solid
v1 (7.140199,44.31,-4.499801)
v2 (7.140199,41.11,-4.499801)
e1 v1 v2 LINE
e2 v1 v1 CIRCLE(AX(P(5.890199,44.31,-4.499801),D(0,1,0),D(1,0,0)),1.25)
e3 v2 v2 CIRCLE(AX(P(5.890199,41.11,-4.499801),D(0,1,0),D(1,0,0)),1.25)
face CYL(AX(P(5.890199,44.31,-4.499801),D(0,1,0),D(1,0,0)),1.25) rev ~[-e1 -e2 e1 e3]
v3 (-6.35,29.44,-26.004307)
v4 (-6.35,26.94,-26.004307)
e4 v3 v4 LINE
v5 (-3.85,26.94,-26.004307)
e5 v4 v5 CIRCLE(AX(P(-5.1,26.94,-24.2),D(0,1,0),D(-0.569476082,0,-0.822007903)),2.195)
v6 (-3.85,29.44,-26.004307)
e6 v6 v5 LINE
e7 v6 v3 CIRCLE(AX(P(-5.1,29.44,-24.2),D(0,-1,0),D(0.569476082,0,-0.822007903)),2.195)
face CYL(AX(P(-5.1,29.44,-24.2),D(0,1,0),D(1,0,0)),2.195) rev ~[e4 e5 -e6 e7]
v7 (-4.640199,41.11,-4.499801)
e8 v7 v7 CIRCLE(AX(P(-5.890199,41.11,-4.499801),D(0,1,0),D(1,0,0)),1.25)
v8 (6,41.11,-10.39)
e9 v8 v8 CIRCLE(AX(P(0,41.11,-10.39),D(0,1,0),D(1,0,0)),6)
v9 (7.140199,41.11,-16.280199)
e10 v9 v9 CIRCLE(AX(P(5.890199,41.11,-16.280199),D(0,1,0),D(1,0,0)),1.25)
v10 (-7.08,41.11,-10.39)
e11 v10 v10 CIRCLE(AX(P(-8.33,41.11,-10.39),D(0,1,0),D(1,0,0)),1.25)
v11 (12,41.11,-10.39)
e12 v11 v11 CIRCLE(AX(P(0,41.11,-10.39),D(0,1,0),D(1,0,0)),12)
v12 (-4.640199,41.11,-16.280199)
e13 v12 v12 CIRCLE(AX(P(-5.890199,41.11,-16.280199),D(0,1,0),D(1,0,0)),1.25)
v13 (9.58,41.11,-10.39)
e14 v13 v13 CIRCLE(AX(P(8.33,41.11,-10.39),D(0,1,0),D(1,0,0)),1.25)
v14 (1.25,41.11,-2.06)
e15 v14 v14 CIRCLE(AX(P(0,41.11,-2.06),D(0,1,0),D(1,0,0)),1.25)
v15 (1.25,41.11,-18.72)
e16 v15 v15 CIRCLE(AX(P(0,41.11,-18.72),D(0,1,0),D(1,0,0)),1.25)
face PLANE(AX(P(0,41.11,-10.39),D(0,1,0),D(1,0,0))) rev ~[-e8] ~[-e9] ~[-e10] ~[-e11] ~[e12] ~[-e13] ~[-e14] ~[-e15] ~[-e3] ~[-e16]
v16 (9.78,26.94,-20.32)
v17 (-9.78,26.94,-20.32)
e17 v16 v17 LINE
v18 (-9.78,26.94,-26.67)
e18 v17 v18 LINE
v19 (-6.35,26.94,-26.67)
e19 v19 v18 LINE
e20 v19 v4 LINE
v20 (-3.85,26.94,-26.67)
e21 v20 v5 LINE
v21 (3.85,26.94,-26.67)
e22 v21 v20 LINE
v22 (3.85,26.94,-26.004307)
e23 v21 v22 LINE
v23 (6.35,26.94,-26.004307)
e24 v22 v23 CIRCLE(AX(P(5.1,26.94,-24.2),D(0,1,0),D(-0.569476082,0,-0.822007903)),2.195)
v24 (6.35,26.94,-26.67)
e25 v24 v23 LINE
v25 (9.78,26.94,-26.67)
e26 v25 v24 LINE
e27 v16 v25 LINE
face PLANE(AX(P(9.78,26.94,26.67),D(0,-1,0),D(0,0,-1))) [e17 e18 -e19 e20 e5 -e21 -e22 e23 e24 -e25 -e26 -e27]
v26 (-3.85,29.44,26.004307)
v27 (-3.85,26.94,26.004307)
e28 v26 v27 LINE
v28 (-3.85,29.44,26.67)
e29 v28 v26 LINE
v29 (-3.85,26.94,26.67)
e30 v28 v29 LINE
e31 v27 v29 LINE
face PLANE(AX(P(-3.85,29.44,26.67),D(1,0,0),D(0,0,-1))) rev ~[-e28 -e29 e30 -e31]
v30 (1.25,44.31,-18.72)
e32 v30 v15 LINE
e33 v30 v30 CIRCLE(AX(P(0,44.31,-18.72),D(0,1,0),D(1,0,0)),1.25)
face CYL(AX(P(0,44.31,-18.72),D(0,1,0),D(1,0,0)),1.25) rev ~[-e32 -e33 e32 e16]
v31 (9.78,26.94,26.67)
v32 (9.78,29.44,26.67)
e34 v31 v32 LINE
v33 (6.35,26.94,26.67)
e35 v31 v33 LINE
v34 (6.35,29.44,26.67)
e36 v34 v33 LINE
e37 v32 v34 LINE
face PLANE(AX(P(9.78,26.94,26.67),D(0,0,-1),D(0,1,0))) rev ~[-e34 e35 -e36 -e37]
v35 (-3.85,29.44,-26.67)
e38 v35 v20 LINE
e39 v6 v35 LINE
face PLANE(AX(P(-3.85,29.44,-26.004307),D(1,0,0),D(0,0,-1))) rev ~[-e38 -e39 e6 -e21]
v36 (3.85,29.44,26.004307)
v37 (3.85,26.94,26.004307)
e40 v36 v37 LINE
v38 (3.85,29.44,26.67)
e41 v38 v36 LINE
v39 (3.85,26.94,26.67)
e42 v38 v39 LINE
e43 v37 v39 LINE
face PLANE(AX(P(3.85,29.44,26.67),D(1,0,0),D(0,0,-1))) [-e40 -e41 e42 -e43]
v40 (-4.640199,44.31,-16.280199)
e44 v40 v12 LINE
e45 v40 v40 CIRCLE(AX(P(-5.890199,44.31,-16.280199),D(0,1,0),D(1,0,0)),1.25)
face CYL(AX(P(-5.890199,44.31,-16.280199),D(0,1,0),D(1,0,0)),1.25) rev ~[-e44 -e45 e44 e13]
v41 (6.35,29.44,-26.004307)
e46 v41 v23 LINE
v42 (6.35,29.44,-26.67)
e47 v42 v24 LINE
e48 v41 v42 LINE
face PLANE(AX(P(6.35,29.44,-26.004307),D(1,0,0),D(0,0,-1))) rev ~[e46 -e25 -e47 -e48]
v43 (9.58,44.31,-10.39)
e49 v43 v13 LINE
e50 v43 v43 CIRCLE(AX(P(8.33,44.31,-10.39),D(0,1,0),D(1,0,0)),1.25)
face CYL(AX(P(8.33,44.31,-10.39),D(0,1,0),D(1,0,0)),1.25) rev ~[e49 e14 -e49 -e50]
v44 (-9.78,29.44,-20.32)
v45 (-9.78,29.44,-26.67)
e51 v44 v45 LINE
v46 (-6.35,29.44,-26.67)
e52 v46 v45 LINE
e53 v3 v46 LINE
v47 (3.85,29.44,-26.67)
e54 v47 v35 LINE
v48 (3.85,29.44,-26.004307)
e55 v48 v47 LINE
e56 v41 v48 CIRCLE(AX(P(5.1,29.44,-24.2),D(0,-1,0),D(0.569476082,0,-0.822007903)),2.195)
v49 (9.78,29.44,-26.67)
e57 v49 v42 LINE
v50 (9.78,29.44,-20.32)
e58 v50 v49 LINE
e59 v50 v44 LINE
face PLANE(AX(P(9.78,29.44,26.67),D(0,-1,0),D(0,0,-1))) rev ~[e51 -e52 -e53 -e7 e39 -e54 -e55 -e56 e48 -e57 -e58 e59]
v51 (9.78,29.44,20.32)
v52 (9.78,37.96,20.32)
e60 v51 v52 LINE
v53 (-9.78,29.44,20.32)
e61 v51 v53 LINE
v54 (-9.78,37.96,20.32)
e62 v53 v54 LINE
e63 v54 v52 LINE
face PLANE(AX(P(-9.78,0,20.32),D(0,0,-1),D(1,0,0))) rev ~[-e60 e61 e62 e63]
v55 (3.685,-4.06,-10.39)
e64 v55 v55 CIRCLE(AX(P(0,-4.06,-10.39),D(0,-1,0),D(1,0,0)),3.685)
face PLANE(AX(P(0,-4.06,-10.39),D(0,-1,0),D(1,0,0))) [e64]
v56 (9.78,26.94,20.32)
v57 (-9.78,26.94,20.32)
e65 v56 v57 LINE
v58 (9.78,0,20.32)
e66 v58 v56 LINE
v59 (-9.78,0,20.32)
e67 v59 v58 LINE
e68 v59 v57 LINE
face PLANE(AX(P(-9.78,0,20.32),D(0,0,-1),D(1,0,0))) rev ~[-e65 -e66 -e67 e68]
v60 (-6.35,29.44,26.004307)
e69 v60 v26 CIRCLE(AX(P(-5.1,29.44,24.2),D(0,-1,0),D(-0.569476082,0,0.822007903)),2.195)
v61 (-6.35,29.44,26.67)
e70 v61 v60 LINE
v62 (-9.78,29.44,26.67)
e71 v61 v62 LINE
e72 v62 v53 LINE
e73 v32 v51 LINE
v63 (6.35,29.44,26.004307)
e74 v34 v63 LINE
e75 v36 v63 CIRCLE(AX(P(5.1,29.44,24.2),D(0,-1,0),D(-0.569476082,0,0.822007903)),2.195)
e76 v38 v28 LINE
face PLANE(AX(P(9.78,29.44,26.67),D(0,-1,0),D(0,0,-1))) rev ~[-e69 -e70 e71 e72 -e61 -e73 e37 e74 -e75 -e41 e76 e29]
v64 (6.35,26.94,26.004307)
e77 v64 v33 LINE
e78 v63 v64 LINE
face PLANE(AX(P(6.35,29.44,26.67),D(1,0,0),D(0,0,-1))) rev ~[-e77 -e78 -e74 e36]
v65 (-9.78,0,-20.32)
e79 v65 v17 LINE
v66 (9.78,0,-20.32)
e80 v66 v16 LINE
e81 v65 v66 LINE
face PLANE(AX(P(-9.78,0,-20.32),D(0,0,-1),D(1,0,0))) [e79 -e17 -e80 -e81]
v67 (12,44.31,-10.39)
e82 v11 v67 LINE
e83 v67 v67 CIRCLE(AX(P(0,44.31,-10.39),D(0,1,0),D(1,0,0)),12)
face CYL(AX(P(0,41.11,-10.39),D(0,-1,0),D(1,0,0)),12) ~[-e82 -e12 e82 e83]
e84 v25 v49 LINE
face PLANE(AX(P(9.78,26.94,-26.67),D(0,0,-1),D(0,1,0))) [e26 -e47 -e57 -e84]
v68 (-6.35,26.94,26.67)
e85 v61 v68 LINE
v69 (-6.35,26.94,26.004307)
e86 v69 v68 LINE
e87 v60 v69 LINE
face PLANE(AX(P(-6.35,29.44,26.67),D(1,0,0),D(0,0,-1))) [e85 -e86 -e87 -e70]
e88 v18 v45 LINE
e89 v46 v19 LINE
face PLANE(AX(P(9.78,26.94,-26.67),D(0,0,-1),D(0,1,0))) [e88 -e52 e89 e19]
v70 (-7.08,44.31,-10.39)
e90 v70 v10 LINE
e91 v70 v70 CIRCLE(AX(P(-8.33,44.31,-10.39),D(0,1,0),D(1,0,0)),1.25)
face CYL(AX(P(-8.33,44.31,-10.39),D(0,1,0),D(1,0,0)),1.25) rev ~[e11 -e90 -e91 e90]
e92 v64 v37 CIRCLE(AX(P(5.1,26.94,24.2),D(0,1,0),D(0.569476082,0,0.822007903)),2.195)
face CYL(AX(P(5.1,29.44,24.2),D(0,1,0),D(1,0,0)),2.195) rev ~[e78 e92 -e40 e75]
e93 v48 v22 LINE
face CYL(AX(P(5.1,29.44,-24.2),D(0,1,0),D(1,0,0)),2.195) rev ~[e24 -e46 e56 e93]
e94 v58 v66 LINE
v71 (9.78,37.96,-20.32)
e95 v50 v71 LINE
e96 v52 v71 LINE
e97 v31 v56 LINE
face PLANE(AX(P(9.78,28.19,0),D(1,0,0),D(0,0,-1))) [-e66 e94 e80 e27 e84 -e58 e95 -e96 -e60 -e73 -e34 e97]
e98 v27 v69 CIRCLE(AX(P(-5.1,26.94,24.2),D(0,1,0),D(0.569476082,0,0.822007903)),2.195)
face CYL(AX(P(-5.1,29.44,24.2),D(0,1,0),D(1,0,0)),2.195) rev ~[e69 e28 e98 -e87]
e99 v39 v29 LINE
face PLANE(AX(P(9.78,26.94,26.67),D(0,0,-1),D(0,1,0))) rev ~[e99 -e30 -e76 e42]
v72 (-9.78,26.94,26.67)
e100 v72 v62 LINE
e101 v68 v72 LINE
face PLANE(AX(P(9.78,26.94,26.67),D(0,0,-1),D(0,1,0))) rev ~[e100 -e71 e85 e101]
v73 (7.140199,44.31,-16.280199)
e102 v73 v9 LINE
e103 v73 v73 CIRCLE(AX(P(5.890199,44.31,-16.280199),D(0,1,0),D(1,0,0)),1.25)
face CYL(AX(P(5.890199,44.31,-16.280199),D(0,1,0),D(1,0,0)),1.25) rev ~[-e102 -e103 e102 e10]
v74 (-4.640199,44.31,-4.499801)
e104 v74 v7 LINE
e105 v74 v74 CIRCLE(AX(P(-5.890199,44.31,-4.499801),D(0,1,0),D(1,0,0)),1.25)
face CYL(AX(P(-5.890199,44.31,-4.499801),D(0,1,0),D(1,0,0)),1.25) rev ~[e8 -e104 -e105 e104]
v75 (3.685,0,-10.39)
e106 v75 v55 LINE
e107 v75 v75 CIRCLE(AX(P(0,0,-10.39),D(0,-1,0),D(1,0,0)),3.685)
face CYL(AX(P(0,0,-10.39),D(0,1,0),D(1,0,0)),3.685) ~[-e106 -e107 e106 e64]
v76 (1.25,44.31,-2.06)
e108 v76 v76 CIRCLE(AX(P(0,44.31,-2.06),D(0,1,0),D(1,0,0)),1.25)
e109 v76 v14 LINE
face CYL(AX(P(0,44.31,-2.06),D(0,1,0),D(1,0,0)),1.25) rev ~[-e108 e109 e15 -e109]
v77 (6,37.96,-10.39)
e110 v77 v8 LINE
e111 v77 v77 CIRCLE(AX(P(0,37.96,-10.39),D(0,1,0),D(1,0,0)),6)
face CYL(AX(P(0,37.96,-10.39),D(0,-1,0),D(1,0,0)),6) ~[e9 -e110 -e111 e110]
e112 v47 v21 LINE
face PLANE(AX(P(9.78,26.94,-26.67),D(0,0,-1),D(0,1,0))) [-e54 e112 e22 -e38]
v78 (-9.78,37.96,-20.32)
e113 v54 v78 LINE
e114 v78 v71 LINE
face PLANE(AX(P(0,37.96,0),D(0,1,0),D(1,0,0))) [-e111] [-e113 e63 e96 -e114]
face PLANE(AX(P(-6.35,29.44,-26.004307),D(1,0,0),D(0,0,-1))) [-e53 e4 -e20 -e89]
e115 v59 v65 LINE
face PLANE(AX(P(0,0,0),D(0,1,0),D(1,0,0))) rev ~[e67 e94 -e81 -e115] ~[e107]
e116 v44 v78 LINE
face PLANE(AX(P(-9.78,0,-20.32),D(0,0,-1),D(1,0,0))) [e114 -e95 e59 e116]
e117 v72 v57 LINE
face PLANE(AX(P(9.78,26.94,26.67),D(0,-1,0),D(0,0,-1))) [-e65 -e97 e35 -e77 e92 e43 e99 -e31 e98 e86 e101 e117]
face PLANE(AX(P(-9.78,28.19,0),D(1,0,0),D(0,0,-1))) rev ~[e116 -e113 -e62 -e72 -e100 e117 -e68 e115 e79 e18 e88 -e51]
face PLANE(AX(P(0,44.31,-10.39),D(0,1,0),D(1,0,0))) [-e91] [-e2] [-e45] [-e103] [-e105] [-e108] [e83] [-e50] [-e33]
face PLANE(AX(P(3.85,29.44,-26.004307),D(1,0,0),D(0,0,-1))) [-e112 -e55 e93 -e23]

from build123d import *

# Parameters (mm, degrees)
SKETCH1_W           = 19.56
SKETCH1_H           = 40.64
BOSS_EXTRUDE1_DEPTH = 37.96
SKETCH2_W           = 53.34
SKETCH2_H           = 2.5
BOSS_EXTRUDE2_DEPTH = 19.56
SKETCH3_R           = 2.195
CUT_EXTRUDE1_DEPTH  = 30.44
SKETCH4_W           = 2.5
SKETCH4_H           = 0.665692654
CUT_EXTRUDE2_DEPTH  = 30.44
SKETCH5_R           = 6
BOSS_EXTRUDE3_DEPTH = 3.15
SKETCH6_R           = 12
BOSS_EXTRUDE4_DEPTH = 3.2
SKETCH7_R           = 1.25
CUT_EXTRUDE3_DEPTH  = 3.2
SKETCH8_R           = 3.685
BOSS_EXTRUDE5_DEPTH = 4.06


with BuildPart() as part:
    # Sketch1 → Boss-Extrude1 (new body)
    with BuildSketch(Plane(origin=(0, 0, 0), x_dir=(1, 0, 0), z_dir=(0, 1, 0))):
        Rectangle(SKETCH1_W, SKETCH1_H)
    extrude(amount=BOSS_EXTRUDE1_DEPTH)

    # Sketch2 → Boss-Extrude2 (add)
    with BuildSketch(Plane(origin=(9.78, 0, 0), x_dir=(0, 0, -1), z_dir=(1, 0, 0))):
        with Locations((0, 28.19)):
            Rectangle(SKETCH2_W, SKETCH2_H)
    extrude(amount=-BOSS_EXTRUDE2_DEPTH)

    # Sketch3 → Cut-Extrude1 (cut, through all)
    with BuildSketch(Plane(origin=(0, 29.44, 0), x_dir=(1, 0, 0), z_dir=(0, 1, 0))):
        with Locations((-5.1, 24.2)):
            Circle(SKETCH3_R)
        with Locations((5.1, 24.2)):
            Circle(SKETCH3_R)
        with Locations((5.1, -24.2)):
            Circle(SKETCH3_R)
        with Locations((-5.1, -24.2)):
            Circle(SKETCH3_R)
    extrude(amount=-CUT_EXTRUDE1_DEPTH, mode=Mode.SUBTRACT)

    # Sketch4 → Cut-Extrude2 (cut, through all)
    with BuildSketch(Plane(origin=(0, 29.44, 0), x_dir=(1, 0, 0), z_dir=(0, 1, 0))):
        with Locations((5.1, 26.337153673)):
            Rectangle(SKETCH4_W, SKETCH4_H)
        with Locations((-5.1, 26.337153673)):
            Rectangle(SKETCH4_W, SKETCH4_H)
        with Locations((5.1, -26.337153673)):
            Rectangle(SKETCH4_W, SKETCH4_H)
        with Locations((-5.1, -26.337153673)):
            Rectangle(SKETCH4_W, SKETCH4_H)
    extrude(amount=-CUT_EXTRUDE2_DEPTH, mode=Mode.SUBTRACT)

    # Sketch5 → Boss-Extrude3 (add)
    with BuildSketch(Plane(origin=(0, 37.96, 0), x_dir=(1, 0, 0), z_dir=(0, 1, 0))):
        with Locations((0, 10.39)):
            Circle(SKETCH5_R)
    extrude(amount=BOSS_EXTRUDE3_DEPTH)

    # Sketch6 → Boss-Extrude4 (add)
    with BuildSketch(Plane(origin=(0, 41.11, 0), x_dir=(1, 0, 0), z_dir=(0, 1, 0))):
        with Locations((0, 10.39)):
            Circle(SKETCH6_R)
    extrude(amount=BOSS_EXTRUDE4_DEPTH)

    # Sketch7 → Cut-Extrude3 (cut)
    with BuildSketch(Plane(origin=(0, 44.31, 0), x_dir=(1, 0, 0), z_dir=(0, 1, 0))):
        with Locations((0, 18.72)):
            Circle(SKETCH7_R)
        with Locations((5.890199487, 16.280199487)):
            Circle(SKETCH7_R)
        with Locations((8.33, 10.39)):
            Circle(SKETCH7_R)
        with Locations((5.890199487, 4.499800513)):
            Circle(SKETCH7_R)
        with Locations((0, 2.06)):
            Circle(SKETCH7_R)
        with Locations((-5.890199487, 4.499800513)):
            Circle(SKETCH7_R)
        with Locations((-8.33, 10.39)):
            Circle(SKETCH7_R)
        with Locations((-5.890199487, 16.280199487)):
            Circle(SKETCH7_R)
    extrude(amount=-CUT_EXTRUDE3_DEPTH, mode=Mode.SUBTRACT)

    # Sketch8 → Boss-Extrude5 (add)
    with BuildSketch(Plane.XZ):
        with Locations((0, -10.39)):
            Circle(SKETCH8_R)
    extrude(amount=BOSS_EXTRUDE5_DEPTH)


solid = part.part
